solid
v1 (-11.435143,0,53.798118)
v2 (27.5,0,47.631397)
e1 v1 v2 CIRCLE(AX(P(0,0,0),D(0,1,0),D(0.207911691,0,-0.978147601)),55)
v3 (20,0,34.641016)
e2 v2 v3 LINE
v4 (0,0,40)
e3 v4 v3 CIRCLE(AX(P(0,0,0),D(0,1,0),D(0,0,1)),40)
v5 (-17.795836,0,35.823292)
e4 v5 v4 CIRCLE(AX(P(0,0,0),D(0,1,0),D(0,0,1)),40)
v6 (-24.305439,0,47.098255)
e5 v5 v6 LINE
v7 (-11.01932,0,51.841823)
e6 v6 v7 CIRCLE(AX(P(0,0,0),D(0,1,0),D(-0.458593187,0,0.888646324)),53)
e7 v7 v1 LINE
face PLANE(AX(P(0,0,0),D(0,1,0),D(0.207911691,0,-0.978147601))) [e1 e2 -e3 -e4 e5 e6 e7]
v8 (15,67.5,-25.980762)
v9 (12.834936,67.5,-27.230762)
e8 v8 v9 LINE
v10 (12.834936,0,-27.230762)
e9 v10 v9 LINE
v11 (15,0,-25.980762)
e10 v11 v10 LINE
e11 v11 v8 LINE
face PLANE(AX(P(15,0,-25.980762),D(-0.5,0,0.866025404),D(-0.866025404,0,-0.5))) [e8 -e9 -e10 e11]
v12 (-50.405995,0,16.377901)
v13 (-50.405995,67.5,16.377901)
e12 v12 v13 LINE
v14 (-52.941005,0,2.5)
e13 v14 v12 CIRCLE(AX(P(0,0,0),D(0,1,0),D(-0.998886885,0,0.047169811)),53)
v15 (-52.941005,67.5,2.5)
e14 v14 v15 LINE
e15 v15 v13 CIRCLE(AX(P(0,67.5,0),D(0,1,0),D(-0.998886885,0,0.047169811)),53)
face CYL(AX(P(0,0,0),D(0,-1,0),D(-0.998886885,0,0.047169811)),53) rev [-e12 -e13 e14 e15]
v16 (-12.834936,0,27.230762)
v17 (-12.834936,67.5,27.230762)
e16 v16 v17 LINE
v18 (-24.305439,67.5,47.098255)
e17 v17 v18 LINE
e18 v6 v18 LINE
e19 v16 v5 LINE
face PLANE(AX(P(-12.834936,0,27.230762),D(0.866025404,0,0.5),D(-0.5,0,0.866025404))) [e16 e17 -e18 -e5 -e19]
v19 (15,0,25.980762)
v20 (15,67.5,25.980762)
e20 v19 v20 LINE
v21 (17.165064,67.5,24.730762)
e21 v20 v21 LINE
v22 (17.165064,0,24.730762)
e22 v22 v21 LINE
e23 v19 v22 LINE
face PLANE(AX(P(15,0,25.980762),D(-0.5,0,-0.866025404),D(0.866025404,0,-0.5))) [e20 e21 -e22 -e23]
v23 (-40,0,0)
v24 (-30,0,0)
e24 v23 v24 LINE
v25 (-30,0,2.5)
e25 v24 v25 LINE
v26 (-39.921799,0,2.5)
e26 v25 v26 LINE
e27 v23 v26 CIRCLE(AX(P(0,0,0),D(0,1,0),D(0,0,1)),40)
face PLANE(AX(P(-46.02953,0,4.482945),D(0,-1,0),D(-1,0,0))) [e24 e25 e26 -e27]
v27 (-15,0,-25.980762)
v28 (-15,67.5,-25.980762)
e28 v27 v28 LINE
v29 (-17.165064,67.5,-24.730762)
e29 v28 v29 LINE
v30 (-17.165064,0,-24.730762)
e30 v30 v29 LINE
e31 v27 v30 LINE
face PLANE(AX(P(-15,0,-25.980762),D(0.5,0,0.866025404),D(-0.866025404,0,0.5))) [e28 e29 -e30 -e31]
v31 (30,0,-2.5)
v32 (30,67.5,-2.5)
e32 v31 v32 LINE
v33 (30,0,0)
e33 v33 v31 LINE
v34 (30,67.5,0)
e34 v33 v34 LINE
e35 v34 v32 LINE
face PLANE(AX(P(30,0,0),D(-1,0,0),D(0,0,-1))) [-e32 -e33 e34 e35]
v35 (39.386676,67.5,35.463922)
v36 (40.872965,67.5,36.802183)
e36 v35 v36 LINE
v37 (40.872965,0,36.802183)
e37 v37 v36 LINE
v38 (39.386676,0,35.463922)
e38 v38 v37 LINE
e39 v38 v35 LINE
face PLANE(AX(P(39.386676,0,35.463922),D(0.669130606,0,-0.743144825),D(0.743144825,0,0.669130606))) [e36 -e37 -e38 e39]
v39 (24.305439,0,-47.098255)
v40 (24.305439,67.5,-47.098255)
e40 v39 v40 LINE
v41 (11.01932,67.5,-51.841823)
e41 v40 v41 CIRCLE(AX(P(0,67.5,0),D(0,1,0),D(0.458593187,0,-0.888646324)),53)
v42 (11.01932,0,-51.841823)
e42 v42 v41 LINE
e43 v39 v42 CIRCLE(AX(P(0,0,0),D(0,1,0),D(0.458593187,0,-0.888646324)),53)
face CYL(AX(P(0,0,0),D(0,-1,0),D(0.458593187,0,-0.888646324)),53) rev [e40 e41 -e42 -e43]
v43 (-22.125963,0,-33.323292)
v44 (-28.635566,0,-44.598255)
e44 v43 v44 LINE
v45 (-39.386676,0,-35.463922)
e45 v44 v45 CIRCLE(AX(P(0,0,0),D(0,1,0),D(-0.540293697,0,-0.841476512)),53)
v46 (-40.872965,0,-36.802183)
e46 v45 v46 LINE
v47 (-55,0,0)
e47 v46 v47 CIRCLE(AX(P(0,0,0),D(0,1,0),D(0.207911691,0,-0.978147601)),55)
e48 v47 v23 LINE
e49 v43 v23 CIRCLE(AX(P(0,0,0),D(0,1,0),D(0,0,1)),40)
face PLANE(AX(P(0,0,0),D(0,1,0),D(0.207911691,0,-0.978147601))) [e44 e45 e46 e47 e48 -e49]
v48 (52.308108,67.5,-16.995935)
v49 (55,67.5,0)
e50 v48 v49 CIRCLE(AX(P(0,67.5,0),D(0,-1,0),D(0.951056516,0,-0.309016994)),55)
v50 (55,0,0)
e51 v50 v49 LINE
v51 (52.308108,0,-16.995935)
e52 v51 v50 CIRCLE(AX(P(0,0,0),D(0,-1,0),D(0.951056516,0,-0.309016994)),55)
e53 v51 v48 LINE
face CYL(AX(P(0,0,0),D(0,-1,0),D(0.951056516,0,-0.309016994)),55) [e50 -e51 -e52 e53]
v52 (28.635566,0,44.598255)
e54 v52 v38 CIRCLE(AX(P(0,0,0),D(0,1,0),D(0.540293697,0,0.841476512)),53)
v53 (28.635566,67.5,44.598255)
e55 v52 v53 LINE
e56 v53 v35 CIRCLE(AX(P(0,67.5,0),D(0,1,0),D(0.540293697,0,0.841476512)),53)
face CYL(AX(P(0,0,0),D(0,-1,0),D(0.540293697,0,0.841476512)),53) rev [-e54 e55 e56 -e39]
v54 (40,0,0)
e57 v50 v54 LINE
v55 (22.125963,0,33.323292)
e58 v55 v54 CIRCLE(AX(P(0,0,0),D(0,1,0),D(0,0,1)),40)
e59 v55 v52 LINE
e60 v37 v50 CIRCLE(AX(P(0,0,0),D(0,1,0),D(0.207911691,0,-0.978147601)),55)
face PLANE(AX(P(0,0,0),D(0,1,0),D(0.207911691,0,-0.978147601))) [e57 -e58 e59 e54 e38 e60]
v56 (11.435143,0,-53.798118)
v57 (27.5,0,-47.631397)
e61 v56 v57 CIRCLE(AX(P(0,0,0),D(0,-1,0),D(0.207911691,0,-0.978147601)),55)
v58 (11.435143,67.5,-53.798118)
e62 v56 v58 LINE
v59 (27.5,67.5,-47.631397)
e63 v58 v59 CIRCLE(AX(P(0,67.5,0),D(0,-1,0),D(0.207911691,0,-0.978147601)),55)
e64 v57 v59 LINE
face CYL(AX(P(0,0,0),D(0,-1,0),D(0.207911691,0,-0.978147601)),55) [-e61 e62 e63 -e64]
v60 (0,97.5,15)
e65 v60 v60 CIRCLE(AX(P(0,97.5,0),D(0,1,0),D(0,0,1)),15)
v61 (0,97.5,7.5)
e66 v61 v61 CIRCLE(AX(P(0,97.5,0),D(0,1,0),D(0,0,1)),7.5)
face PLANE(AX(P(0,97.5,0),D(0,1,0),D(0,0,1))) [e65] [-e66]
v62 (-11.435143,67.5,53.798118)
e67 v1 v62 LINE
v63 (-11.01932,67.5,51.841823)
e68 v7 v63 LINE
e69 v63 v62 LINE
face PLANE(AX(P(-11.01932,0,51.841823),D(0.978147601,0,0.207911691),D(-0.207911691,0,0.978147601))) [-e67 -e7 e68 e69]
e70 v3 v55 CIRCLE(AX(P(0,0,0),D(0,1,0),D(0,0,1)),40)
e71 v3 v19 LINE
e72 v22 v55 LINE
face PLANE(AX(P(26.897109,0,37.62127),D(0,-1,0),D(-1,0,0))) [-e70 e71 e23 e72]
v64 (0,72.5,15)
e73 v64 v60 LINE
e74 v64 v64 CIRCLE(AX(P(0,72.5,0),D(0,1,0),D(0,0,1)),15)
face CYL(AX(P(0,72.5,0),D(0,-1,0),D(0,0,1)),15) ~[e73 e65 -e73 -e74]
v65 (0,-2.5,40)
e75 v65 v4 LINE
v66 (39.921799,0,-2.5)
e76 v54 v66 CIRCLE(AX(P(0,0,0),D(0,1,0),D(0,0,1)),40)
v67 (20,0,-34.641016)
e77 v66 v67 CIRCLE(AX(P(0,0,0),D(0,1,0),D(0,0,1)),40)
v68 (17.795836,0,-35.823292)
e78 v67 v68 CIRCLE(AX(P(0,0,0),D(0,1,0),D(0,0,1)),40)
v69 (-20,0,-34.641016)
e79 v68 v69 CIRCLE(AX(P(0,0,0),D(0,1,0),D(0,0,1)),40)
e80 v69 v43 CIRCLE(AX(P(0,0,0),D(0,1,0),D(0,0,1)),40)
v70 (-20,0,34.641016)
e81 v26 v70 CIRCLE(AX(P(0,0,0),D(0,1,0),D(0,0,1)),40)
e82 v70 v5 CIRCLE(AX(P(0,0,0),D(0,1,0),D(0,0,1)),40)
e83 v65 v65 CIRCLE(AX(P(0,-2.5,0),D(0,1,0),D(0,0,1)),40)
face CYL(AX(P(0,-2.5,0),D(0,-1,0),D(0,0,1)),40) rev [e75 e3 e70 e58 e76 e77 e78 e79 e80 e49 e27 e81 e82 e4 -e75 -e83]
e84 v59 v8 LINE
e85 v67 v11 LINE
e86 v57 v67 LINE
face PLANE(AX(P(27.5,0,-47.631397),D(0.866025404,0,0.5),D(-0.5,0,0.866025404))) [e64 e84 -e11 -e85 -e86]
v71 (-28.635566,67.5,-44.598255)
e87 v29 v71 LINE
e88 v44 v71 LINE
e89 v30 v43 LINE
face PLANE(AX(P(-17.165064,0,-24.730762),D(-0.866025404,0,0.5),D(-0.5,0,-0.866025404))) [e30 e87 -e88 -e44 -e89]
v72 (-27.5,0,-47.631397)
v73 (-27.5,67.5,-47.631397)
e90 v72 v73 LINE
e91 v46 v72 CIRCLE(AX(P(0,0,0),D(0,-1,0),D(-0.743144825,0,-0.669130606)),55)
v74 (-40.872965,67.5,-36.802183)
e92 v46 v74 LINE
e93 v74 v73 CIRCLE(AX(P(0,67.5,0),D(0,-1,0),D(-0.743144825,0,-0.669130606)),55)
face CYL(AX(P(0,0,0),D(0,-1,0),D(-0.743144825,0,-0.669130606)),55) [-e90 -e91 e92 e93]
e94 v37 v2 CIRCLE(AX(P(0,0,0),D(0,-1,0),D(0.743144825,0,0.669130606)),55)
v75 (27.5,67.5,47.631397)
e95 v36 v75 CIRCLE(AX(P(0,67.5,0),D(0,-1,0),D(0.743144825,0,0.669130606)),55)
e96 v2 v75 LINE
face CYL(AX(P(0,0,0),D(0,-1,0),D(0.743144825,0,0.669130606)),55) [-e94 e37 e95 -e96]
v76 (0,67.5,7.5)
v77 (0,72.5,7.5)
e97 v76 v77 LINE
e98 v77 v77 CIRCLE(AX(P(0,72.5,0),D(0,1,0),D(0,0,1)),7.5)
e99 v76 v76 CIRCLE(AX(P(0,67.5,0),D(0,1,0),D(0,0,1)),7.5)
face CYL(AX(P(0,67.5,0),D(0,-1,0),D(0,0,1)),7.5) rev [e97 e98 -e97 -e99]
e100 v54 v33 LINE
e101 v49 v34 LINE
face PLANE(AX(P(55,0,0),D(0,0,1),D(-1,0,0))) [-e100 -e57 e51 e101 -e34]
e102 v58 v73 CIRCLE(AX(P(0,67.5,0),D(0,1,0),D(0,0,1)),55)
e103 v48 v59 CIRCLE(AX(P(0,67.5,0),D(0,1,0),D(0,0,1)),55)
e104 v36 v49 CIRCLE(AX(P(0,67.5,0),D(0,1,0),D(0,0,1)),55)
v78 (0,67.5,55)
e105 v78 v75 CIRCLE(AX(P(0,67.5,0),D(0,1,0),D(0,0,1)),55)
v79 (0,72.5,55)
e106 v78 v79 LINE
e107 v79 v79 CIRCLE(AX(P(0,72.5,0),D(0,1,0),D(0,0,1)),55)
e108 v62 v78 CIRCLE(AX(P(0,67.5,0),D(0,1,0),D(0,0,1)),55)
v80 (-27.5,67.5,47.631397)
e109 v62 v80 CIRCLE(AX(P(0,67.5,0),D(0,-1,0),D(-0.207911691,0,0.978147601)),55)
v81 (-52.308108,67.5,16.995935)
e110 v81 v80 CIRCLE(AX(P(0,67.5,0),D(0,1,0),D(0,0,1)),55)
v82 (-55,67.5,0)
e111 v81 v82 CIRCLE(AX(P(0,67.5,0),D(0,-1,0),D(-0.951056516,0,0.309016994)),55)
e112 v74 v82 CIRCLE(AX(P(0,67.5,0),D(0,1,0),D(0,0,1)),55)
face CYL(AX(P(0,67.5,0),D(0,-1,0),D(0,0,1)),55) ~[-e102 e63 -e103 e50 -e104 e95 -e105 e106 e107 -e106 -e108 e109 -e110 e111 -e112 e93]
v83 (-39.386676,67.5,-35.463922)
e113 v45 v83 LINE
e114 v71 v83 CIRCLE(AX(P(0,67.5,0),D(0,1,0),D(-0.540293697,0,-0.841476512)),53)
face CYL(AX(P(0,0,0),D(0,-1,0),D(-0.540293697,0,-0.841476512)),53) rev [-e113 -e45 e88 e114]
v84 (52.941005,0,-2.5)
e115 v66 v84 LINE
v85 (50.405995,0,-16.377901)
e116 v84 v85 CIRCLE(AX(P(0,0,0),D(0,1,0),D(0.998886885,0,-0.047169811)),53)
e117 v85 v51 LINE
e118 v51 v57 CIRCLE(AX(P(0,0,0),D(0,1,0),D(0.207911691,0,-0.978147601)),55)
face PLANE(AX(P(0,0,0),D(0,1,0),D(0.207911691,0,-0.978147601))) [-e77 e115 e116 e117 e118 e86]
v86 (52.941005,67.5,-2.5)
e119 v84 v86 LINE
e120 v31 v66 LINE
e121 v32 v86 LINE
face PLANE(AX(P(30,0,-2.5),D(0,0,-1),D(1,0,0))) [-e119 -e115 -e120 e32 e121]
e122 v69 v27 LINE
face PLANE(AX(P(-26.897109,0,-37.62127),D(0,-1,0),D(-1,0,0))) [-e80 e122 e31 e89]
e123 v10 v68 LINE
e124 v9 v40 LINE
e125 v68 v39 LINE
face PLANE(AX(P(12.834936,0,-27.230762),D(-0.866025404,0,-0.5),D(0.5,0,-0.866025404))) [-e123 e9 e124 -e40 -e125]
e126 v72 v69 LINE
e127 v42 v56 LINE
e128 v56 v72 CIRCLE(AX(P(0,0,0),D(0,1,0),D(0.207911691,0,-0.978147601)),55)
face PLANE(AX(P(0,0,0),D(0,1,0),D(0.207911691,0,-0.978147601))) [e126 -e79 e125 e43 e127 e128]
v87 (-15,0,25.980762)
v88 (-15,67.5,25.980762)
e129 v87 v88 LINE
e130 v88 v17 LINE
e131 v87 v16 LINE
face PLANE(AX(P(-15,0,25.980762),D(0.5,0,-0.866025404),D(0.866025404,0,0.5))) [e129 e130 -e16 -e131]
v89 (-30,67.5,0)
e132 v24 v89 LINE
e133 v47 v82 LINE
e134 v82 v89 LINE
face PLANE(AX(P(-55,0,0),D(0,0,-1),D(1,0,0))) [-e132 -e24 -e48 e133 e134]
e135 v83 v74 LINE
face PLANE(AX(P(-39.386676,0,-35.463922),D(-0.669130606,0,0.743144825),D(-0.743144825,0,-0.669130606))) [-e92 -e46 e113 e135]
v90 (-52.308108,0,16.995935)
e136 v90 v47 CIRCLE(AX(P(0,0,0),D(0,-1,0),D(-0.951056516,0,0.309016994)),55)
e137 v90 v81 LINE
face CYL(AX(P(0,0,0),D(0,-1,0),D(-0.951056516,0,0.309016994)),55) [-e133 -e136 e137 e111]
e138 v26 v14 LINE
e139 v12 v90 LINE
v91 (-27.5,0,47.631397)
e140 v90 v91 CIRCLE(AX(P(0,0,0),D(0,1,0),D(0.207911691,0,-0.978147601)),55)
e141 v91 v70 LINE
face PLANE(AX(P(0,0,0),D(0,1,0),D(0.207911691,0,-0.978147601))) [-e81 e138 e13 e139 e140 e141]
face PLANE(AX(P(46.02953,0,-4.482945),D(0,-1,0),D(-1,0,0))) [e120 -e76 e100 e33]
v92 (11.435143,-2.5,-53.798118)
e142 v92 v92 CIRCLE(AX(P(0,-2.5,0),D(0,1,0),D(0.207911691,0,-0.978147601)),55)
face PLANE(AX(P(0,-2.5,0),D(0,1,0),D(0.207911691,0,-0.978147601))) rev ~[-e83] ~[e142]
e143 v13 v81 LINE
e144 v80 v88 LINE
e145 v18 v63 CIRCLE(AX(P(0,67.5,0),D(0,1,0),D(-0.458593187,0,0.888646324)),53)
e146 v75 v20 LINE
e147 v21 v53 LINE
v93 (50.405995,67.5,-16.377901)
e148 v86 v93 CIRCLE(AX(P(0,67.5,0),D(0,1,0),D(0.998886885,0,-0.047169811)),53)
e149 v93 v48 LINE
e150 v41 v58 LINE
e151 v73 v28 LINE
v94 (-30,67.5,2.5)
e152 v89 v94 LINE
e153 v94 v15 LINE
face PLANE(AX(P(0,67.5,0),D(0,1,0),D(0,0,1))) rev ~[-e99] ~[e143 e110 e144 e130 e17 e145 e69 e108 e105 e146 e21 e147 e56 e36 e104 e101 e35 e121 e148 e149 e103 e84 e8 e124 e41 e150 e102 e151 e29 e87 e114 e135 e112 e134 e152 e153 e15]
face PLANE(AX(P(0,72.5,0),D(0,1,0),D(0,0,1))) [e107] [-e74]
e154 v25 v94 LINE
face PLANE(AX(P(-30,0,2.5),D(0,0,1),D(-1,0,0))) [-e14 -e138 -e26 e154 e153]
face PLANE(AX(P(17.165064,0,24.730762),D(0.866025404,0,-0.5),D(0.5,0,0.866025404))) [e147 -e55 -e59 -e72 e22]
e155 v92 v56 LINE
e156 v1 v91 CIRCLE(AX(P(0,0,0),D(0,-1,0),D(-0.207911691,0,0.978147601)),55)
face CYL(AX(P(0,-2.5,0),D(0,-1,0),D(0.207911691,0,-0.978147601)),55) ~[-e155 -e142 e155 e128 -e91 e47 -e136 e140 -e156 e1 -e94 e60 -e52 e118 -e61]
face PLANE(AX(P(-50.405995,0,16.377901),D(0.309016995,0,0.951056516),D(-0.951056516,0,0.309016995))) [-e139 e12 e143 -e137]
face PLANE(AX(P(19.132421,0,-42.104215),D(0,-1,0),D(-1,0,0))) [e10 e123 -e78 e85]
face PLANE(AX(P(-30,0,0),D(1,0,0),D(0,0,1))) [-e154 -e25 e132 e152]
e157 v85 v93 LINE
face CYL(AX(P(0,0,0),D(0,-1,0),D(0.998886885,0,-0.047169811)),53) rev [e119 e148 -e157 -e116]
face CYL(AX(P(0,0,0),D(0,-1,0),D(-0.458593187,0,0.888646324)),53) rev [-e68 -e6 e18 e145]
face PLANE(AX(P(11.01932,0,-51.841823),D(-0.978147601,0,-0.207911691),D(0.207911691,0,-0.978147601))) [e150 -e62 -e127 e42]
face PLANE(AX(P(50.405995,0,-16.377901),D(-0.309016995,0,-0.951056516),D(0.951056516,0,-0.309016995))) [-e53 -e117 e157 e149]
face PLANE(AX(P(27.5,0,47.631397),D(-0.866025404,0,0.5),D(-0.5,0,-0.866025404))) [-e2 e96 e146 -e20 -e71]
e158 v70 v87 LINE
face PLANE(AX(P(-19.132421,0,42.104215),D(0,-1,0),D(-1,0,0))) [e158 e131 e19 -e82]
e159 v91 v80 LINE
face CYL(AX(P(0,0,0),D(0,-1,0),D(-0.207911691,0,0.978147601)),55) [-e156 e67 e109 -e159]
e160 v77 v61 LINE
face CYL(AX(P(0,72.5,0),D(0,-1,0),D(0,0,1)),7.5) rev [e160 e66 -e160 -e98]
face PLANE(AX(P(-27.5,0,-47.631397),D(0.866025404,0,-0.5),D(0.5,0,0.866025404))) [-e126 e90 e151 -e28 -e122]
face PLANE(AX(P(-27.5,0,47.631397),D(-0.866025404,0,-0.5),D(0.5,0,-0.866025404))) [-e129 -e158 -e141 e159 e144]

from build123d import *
from build123d.topology import SkipClean

# Parameters (mm, degrees)
BOSS_EXTRUDE1_DEPTH   = 67.5
BOSS_EXTRUDE1_2_DEPTH = 67.5
BOSS_EXTRUDE1_3_DEPTH = 67.5
BOSS_EXTRUDE1_4_DEPTH = 67.5
BOSS_EXTRUDE1_5_DEPTH = 67.5
BOSS_EXTRUDE1_6_DEPTH = 67.5
BOSS_EXTRUDE2_START   = -2.5
SKETCH2_R             = 55
SKETCH2_R_2           = 40
BOSS_EXTRUDE2_DEPTH   = 2.5
BOSS_EXTRUDE3_START   = 67.5
SKETCH3_R             = 55
SKETCH3_R_2           = 7.5
BOSS_EXTRUDE3_DEPTH   = 5
SKETCH4_R             = 15
SKETCH4_R_2           = 7.5
BOSS_EXTRUDE4_DEPTH   = 25


with BuildPart() as part:
    # Sketch1 → Boss-Extrude1 (new body)
    with BuildSketch(Plane(origin=(0, 0, 0), x_dir=(1, 0, 0), z_dir=(0, 1, 0))):
        with BuildLine():
            Line((55, 0), (30, 0))
            Line((30, 0), (30, 2.5))
            Line((30, 2.5), (52.941004902, 2.5))
            ThreePointArc((52.941004902, 2.5), (52.137315312, 9.523673244), (50.405995364, 16.377900702))
            Line((50.405995364, 16.377900702), (52.308108396, 16.995934691))
            ThreePointArc((52.308108396, 16.995934691), (54.322858733, 8.603895577), (55, 0))
        make_face()
    extrude(amount=BOSS_EXTRUDE1_DEPTH)



with BuildPart() as body_2:
    # Sketch1 → Boss-Extrude1 2 (new body)
    with BuildSketch(Plane(origin=(0, 0, 0), x_dir=(1, 0, 0), z_dir=(0, 1, 0))):
        with BuildLine():
            Line((27.5, -47.631397208), (15, -25.980762114))
            Line((15, -25.980762114), (17.165063509, -24.730762114))
            Line((17.165063509, -24.730762114), (28.63556596, -44.598255147))
            ThreePointArc((28.63556596, -44.598255147), (34.316400623, -40.390402923), (39.38667575, -35.463922137))
            Line((39.38667575, -35.463922137), (40.872965401, -36.80218335))
            ThreePointArc((40.872965401, -36.80218335), (34.612621508, -42.74302788), (27.5, -47.631397208))
        make_face()
    extrude(amount=BOSS_EXTRUDE1_2_DEPTH)


with BuildPart() as body_3:
    # Sketch1 → Boss-Extrude1 3 (new body)
    with BuildSketch(Plane(origin=(0, 0, 0), x_dir=(1, 0, 0), z_dir=(0, 1, 0))):
        with BuildLine():
            Line((-27.5, -47.631397208), (-15, -25.980762114))
            Line((-15, -25.980762114), (-12.834936491, -27.230762114))
            Line((-12.834936491, -27.230762114), (-24.305438941, -47.098255147))
            ThreePointArc((-24.305438941, -47.098255147), (-17.820914689, -49.914076167), (-11.019319613, -51.841822839))
            Line((-11.019319613, -51.841822839), (-11.435142995, -53.79811804))
            ThreePointArc((-11.435142995, -53.79811804), (-19.710237225, -51.346923457), (-27.5, -47.631397208))
        make_face()
    extrude(amount=BOSS_EXTRUDE1_3_DEPTH)


with BuildPart() as body_4:
    # Sketch1 → Boss-Extrude1 4 (new body)
    with BuildSketch(Plane(origin=(0, 0, 0), x_dir=(1, 0, 0), z_dir=(0, 1, 0))):
        with BuildLine():
            Line((-55, 0), (-30, 0))
            Line((-30, 0), (-30, -2.5))
            Line((-30, -2.5), (-52.941004902, -2.5))
            ThreePointArc((-52.941004902, -2.5), (-52.137315312, -9.523673244), (-50.405995364, -16.377900702))
            Line((-50.405995364, -16.377900702), (-52.308108396, -16.995934691))
            ThreePointArc((-52.308108396, -16.995934691), (-54.322858733, -8.603895577), (-55, 0))
        make_face()
    extrude(amount=BOSS_EXTRUDE1_4_DEPTH)


with BuildPart() as body_5:
    # Sketch1 → Boss-Extrude1 5 (new body)
    with BuildSketch(Plane(origin=(0, 0, 0), x_dir=(1, 0, 0), z_dir=(0, 1, 0))):
        with BuildLine():
            Line((-27.5, 47.631397208), (-15, 25.980762114))
            Line((-15, 25.980762114), (-17.165063509, 24.730762114))
            Line((-17.165063509, 24.730762114), (-28.63556596, 44.598255147))
            ThreePointArc((-28.63556596, 44.598255147), (-34.316400623, 40.390402923), (-39.38667575, 35.463922137))
            Line((-39.38667575, 35.463922137), (-40.872965401, 36.80218335))
            ThreePointArc((-40.872965401, 36.80218335), (-34.612621508, 42.74302788), (-27.5, 47.631397208))
        make_face()
    extrude(amount=BOSS_EXTRUDE1_5_DEPTH)


with BuildPart() as body_6:
    # Sketch1 → Boss-Extrude1 6 (new body)
    with BuildSketch(Plane(origin=(0, 0, 0), x_dir=(1, 0, 0), z_dir=(0, 1, 0))):
        with BuildLine():
            Line((27.5, 47.631397208), (15, 25.980762114))
            Line((15, 25.980762114), (12.834936491, 27.230762114))
            Line((12.834936491, 27.230762114), (24.305438941, 47.098255147))
            ThreePointArc((24.305438941, 47.098255147), (17.820914689, 49.914076167), (11.019319613, 51.841822839))
            Line((11.019319613, 51.841822839), (11.435142995, 53.79811804))
            ThreePointArc((11.435142995, 53.79811804), (19.710237225, 51.346923457), (27.5, 47.631397208))
        make_face()
    extrude(amount=BOSS_EXTRUDE1_6_DEPTH)


with BuildPart() as part_1:
    with SkipClean():  # the faces are left unmerged after this step: merging them gives an invalid solid
        add(part.part)

        add(body_2.part)  # Boss-Extrude2 merges body 2

        add(body_3.part)  # Boss-Extrude2 merges body 3

        add(body_4.part)  # Boss-Extrude2 merges body 4

        add(body_5.part)  # Boss-Extrude2 merges body 5

        add(body_6.part)  # Boss-Extrude2 merges body 6
        # Sketch2 → Boss-Extrude2 (add)
        with BuildSketch(Plane(origin=(0, 0, 0), x_dir=(1, 0, 0), z_dir=(0, 1, 0)).offset(BOSS_EXTRUDE2_START)):
            Circle(SKETCH2_R)
            Circle(SKETCH2_R_2, mode=Mode.SUBTRACT)
        extrude(amount=BOSS_EXTRUDE2_DEPTH)

    # Sketch3 → Boss-Extrude3 (add)
    with SkipClean():  # the faces are left unmerged after this step: merging them gives an invalid solid
        with BuildSketch(Plane(origin=(0, 0, 0), x_dir=(1, 0, 0), z_dir=(0, 1, 0)).offset(BOSS_EXTRUDE3_START)):
            Circle(SKETCH3_R)
            Circle(SKETCH3_R_2, mode=Mode.SUBTRACT)
        extrude(amount=BOSS_EXTRUDE3_DEPTH)

    # Sketch4 → Boss-Extrude4 (add)
    with SkipClean():  # the faces are left unmerged after this step: merging them gives an invalid solid
        with BuildSketch(Plane(origin=(0, 72.5, 0), x_dir=(1, 0, 0), z_dir=(0, 1, 0))):
            Circle(SKETCH4_R)
            Circle(SKETCH4_R_2, mode=Mode.SUBTRACT)
        extrude(amount=BOSS_EXTRUDE4_DEPTH)


solid = part_1.part
